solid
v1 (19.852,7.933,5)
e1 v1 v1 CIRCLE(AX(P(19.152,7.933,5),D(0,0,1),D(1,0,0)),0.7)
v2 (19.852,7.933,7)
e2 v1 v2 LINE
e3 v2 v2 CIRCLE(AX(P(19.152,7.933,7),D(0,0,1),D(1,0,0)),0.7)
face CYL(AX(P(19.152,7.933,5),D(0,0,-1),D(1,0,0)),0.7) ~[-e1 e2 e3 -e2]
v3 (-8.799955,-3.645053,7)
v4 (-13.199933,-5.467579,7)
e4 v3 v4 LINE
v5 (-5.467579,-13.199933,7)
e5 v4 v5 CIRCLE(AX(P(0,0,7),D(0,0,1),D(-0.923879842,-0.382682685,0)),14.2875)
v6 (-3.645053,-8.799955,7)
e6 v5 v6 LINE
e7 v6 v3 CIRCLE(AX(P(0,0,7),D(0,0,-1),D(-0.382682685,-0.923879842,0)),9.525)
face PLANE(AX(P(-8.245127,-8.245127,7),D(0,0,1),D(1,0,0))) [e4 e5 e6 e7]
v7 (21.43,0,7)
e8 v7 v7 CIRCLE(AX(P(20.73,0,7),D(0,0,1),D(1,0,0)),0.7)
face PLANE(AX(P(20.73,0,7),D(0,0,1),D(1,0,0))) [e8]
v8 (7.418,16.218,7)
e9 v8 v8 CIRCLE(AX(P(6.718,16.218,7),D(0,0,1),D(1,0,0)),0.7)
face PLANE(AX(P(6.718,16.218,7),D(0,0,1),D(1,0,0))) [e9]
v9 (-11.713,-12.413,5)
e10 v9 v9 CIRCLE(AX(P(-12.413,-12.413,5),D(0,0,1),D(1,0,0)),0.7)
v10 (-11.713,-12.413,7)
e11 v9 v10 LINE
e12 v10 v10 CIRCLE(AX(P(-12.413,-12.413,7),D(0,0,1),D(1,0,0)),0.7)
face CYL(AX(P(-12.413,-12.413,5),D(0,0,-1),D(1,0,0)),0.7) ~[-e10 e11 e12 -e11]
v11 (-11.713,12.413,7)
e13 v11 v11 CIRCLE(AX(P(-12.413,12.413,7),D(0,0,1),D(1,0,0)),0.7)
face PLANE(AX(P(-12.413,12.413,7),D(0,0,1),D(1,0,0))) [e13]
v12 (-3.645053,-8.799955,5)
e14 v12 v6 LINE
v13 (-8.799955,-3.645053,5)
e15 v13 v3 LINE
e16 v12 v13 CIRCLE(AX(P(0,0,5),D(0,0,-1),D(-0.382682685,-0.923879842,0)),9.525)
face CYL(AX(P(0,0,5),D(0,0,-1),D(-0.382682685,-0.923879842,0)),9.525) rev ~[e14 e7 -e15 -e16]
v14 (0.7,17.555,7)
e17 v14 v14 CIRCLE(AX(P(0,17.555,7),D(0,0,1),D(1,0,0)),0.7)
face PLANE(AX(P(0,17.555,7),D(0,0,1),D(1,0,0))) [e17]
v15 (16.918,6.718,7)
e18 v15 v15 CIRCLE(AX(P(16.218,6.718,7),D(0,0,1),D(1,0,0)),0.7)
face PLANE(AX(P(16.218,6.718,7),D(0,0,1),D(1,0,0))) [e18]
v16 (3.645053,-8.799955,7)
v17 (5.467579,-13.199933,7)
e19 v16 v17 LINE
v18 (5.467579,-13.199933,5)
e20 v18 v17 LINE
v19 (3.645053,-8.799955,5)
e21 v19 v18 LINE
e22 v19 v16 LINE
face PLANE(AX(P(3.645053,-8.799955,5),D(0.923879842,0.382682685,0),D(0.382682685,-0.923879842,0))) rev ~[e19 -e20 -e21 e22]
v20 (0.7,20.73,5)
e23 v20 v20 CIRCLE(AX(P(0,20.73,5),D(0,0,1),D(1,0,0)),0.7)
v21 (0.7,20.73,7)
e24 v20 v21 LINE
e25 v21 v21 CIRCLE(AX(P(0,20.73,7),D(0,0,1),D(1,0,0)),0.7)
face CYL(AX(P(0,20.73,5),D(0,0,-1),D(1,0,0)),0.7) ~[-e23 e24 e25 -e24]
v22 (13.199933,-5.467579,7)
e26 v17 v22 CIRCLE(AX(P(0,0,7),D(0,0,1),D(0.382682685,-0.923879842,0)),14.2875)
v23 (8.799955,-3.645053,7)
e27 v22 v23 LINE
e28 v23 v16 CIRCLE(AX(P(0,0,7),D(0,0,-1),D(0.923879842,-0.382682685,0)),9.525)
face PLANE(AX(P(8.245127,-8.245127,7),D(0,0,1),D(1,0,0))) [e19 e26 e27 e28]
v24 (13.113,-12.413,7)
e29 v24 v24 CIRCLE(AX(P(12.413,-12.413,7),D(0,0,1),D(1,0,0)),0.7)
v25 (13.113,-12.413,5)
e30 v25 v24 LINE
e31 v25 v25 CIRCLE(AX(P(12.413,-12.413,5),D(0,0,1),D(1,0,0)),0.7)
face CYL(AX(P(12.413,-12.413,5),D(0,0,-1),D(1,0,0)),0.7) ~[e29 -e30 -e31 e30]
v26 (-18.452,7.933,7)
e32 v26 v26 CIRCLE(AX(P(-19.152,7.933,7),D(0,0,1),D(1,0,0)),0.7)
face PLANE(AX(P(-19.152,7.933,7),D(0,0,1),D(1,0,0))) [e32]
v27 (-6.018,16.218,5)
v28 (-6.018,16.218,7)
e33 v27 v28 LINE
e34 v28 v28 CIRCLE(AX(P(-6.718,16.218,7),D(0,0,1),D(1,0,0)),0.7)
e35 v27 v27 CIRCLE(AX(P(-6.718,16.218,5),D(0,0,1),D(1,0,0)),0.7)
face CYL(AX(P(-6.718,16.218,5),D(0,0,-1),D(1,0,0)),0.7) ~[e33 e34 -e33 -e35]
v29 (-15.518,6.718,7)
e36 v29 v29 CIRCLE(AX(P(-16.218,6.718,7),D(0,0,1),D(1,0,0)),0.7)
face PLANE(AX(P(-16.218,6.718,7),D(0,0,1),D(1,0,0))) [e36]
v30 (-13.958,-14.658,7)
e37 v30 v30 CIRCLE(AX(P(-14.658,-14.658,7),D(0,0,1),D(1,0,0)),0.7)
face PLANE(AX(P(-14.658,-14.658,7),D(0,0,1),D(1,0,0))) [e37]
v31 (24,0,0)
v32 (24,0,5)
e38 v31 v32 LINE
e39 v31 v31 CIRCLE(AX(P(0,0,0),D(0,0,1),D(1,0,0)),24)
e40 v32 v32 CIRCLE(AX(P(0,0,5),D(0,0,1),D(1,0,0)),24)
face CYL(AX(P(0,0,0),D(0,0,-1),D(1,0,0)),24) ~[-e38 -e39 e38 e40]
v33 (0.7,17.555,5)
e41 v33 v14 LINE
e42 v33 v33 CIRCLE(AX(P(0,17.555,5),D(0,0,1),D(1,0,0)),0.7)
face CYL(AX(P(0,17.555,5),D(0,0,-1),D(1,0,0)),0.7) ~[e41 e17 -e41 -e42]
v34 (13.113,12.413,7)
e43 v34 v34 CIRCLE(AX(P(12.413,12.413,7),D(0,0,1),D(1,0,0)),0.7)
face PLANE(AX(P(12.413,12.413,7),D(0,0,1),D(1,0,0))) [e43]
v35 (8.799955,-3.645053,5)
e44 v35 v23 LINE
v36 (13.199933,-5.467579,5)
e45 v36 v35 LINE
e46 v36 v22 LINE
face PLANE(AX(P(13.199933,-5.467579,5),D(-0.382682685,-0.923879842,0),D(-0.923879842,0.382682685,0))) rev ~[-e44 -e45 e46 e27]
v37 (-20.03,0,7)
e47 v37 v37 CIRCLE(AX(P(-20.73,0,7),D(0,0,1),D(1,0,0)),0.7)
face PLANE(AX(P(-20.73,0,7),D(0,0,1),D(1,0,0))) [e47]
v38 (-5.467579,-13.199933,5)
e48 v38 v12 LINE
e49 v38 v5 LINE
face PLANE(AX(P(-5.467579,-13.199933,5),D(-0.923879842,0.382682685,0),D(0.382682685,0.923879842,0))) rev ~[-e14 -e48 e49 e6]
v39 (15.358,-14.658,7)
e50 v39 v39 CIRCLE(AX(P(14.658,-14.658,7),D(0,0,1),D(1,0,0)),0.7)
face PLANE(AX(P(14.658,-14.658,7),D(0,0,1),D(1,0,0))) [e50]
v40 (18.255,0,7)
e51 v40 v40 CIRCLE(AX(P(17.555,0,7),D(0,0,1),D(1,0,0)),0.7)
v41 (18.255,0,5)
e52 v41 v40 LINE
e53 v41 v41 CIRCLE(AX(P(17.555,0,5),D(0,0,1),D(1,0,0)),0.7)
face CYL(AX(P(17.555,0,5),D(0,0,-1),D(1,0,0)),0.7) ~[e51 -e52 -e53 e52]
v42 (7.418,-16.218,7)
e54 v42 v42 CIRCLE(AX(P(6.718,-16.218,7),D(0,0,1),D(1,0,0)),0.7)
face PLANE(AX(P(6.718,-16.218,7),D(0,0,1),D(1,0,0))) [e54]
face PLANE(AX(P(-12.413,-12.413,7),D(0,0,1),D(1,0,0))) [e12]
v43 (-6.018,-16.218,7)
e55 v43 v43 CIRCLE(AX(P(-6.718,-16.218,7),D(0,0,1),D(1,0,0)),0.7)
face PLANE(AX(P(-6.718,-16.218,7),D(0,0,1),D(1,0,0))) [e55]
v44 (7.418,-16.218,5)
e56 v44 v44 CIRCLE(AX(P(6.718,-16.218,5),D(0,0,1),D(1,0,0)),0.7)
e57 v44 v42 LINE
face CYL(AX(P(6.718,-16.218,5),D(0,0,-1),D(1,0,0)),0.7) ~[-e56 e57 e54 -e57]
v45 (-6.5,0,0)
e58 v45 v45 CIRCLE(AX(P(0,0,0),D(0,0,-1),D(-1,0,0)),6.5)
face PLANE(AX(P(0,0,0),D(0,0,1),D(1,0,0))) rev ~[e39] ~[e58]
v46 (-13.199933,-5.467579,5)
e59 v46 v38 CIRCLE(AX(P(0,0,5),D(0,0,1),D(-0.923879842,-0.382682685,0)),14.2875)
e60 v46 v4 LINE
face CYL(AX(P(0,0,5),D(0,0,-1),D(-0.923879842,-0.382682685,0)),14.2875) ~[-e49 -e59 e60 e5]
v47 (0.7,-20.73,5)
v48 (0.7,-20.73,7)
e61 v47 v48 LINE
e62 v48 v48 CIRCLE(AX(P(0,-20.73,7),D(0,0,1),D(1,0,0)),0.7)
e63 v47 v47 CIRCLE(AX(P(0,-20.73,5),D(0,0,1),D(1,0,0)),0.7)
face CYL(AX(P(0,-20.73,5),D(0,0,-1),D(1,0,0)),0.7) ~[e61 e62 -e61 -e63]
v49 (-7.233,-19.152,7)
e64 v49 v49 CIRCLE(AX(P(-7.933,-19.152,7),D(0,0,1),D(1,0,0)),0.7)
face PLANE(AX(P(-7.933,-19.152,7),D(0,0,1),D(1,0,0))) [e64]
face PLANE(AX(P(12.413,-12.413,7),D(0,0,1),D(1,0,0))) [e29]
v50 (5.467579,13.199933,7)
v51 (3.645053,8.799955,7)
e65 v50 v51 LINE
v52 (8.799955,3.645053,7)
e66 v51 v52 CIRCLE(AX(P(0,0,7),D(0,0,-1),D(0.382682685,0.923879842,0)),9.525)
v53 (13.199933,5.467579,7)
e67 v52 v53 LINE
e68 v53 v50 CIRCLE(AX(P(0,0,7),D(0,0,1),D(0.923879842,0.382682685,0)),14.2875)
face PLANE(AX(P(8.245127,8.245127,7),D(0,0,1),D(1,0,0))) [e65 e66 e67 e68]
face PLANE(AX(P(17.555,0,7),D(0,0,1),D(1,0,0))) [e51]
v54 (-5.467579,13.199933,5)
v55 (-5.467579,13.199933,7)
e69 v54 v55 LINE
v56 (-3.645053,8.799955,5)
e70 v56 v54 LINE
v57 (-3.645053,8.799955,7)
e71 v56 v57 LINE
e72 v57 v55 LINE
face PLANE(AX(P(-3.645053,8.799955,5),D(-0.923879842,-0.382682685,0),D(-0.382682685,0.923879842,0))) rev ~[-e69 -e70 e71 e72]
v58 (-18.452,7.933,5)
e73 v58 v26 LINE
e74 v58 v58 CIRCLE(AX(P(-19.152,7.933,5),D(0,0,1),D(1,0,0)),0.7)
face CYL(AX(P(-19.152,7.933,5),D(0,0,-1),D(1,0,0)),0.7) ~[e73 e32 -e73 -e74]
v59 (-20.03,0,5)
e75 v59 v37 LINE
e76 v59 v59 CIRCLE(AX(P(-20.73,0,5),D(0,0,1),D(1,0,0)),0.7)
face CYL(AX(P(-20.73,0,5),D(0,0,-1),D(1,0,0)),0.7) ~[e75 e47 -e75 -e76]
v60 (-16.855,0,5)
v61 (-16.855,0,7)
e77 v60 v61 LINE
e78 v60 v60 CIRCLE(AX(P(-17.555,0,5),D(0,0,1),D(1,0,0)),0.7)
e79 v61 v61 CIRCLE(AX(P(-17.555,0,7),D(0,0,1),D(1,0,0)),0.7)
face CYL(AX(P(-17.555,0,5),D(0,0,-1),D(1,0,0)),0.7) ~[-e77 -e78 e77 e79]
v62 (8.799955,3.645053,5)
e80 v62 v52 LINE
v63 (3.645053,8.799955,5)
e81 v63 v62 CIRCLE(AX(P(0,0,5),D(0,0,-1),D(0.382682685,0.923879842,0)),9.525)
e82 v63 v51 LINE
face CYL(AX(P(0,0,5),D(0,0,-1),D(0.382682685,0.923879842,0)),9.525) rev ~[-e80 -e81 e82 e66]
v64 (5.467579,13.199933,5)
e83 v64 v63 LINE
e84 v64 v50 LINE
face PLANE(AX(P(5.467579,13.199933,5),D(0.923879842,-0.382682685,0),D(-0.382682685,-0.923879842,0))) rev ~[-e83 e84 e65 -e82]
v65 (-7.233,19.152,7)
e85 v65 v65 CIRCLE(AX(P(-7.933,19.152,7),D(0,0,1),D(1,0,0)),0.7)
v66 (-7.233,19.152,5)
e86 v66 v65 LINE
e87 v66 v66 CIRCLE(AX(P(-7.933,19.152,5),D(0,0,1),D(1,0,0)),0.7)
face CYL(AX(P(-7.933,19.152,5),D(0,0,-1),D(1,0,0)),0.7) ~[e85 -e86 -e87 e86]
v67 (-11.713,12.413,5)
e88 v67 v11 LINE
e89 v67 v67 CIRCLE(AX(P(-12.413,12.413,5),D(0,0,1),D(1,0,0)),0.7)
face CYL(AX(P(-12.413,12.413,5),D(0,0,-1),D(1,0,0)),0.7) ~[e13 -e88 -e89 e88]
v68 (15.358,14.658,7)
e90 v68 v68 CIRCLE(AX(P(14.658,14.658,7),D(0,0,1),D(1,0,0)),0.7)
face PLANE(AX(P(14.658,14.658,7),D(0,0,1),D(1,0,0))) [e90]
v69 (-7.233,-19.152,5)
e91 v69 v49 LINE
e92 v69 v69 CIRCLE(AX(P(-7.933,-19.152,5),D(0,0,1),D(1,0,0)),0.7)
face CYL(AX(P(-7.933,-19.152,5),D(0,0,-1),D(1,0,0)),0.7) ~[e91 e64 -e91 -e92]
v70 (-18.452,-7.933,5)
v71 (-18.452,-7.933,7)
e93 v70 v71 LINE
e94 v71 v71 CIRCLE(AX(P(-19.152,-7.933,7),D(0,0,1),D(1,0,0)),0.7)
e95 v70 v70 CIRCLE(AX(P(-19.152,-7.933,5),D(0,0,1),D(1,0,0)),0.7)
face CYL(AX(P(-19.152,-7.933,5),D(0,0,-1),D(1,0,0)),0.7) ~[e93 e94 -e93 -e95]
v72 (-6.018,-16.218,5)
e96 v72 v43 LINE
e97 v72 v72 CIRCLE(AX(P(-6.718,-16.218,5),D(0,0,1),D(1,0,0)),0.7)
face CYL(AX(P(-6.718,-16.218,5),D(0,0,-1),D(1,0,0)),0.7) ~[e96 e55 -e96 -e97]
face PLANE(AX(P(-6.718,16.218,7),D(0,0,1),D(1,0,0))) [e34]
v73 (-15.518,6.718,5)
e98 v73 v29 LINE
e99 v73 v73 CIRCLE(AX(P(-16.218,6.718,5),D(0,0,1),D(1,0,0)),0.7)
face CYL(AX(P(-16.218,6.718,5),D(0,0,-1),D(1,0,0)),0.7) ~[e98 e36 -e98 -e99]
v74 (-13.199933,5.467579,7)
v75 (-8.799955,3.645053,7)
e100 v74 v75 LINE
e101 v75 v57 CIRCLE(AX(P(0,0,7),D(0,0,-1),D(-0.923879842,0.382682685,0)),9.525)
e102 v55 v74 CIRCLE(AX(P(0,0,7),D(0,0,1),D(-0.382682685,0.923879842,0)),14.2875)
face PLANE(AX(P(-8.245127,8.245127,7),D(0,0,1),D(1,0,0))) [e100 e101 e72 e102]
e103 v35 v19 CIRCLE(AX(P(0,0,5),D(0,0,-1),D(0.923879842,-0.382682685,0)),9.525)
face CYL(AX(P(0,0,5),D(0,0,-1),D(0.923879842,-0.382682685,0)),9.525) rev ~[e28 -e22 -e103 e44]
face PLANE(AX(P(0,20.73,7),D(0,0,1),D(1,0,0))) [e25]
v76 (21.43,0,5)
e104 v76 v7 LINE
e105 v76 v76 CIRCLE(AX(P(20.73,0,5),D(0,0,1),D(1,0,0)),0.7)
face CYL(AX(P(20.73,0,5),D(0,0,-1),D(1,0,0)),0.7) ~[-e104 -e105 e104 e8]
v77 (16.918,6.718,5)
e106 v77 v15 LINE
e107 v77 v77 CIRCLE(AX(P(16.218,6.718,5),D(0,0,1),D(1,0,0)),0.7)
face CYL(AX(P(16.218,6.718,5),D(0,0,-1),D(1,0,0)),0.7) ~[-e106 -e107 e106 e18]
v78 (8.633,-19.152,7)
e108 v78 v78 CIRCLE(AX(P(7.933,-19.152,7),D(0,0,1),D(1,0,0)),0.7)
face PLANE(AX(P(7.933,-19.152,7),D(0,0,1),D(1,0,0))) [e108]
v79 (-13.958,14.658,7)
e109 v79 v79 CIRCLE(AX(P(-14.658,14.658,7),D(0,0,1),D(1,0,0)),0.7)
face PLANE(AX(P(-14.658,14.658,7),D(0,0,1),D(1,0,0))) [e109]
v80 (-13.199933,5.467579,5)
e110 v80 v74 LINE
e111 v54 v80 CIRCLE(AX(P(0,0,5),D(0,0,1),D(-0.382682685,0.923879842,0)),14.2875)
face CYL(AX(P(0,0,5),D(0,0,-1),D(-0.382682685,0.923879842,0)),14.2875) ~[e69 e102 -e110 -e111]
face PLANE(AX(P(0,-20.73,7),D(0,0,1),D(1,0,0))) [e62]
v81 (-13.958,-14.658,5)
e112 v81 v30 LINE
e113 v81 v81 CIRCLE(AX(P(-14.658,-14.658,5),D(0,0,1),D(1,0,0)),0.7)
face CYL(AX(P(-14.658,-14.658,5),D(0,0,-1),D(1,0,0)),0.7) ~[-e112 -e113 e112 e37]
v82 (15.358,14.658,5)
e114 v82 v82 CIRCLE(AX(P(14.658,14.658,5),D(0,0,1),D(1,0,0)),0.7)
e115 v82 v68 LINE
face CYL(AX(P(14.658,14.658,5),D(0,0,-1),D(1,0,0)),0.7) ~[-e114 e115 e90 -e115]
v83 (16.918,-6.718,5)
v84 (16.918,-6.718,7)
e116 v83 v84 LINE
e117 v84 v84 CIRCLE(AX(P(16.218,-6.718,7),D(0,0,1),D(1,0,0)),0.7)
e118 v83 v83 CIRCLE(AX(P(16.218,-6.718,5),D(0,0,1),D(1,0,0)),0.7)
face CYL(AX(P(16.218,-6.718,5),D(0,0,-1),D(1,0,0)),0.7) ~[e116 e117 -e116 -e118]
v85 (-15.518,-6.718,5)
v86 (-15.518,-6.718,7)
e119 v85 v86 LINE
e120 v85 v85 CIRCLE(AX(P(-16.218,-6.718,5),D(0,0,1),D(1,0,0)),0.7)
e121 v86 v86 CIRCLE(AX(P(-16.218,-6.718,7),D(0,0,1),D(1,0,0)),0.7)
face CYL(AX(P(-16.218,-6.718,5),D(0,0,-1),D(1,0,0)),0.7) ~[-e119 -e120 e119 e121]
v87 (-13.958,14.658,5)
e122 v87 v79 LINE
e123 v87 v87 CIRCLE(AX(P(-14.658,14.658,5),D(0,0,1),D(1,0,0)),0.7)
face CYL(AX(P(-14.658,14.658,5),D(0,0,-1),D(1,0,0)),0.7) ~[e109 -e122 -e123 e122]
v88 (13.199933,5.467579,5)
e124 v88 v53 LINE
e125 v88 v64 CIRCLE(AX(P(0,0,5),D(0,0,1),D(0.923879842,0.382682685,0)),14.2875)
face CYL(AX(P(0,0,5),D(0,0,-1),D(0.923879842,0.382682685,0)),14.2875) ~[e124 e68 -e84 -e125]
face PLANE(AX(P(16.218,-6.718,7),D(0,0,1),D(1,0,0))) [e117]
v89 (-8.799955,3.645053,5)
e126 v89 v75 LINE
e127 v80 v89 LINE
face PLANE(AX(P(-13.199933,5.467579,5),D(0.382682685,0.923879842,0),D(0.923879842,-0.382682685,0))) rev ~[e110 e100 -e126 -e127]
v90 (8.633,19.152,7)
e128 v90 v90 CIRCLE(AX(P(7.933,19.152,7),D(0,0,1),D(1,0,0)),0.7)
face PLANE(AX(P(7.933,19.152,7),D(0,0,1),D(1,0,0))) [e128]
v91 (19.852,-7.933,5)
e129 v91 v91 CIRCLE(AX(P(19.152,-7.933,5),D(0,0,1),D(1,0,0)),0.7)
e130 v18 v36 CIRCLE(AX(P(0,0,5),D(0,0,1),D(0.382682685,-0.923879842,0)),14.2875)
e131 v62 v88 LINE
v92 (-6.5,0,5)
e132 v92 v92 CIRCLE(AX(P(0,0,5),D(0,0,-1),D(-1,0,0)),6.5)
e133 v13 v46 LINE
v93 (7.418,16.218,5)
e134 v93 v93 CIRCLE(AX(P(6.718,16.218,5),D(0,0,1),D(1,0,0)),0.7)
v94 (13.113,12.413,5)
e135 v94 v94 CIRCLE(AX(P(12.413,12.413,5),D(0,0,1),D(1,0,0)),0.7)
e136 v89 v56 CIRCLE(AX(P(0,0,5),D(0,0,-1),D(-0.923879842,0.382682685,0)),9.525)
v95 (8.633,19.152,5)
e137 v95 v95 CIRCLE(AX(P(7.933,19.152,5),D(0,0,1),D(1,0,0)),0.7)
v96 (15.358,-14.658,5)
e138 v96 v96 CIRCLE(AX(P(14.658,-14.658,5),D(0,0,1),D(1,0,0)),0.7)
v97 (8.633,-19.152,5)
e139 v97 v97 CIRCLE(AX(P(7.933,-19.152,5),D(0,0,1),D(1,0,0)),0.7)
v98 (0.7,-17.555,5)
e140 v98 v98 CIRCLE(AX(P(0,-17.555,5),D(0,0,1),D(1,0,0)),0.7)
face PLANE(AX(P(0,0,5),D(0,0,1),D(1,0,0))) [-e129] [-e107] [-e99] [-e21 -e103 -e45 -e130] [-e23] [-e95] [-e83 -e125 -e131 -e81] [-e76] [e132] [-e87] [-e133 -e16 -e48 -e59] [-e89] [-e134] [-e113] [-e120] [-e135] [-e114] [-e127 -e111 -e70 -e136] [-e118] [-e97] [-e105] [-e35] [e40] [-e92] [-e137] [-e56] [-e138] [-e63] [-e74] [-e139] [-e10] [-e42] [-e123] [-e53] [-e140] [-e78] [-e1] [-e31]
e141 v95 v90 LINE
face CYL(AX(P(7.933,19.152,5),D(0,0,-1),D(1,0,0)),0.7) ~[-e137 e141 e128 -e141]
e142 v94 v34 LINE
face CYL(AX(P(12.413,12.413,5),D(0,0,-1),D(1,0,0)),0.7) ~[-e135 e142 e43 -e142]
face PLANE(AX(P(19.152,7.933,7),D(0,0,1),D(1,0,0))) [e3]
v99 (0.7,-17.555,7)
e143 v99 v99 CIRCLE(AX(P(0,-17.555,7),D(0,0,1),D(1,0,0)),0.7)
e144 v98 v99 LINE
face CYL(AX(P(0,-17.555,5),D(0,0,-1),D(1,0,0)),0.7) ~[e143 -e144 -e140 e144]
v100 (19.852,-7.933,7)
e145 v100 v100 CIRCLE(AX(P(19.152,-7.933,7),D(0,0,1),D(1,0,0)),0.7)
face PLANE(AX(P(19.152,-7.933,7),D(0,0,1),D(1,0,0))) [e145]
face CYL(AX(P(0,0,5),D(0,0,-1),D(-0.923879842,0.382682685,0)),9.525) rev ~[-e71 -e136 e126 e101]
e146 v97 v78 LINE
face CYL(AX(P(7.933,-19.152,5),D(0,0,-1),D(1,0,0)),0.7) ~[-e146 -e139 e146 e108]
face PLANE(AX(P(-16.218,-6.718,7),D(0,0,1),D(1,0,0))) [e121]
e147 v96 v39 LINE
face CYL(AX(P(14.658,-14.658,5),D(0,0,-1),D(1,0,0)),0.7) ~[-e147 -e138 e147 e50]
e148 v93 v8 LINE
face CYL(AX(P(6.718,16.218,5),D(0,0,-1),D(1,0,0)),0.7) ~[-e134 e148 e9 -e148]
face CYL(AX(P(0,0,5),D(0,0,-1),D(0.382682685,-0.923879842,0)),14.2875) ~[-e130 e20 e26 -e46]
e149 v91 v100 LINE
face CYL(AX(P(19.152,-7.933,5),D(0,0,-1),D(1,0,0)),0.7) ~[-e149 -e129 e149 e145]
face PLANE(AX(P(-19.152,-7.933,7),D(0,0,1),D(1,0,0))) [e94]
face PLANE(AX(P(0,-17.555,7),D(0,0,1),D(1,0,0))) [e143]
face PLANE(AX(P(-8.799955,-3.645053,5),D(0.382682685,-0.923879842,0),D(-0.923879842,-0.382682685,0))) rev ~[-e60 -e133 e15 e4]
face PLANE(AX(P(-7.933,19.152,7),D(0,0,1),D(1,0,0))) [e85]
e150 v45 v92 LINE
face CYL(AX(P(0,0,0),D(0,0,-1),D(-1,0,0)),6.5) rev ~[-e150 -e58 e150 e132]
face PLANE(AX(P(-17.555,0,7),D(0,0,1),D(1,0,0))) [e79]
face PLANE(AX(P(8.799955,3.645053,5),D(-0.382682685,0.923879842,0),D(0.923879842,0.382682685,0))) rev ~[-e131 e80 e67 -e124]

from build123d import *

# Parameters (mm, degrees)
SKETCH1_R          = 24
EXTRUDE1_DEPTH     = 5
SKETCH5_R          = 6.5
CUT_EXTRUDE3_DEPTH = 10
SKETCH4_R          = 0.7
EXTRUDE2_DEPTH     = 2


with BuildPart() as part:
    # Sketch1 → Extrude1 (new body)
    with BuildSketch(Plane.XY):
        Circle(SKETCH1_R)
    extrude(amount=EXTRUDE1_DEPTH)

    # Sketch5 → Cut-Extrude3 (cut)
    with BuildSketch(Plane(origin=(0, 0, 0), x_dir=(-1, 0, 0), z_dir=(0, 0, -1))):
        Circle(SKETCH5_R)
    extrude(amount=-CUT_EXTRUDE3_DEPTH, mode=Mode.SUBTRACT)

    # Sketch4 → Extrude2 (add)
    with BuildSketch(Plane.XY.offset(5)):
        with Locations((0, 20.73)):
            Circle(SKETCH4_R)
        with Locations((0, -20.73)):
            Circle(SKETCH4_R)
        with Locations((20.73, 0)):
            Circle(SKETCH4_R)
        with Locations((-20.73, 0)):
            Circle(SKETCH4_R)
        with Locations((-14.658, 14.658)):
            Circle(SKETCH4_R)
        with Locations((14.658, 14.658)):
            Circle(SKETCH4_R)
        with Locations((14.658, -14.658)):
            Circle(SKETCH4_R)
        with Locations((-14.658, -14.658)):
            Circle(SKETCH4_R)
        with Locations((19.152, 7.933)):
            Circle(SKETCH4_R)
        with Locations((7.933, 19.152)):
            Circle(SKETCH4_R)
        with Locations((19.152, -7.933)):
            Circle(SKETCH4_R)
        with Locations((7.933, -19.152)):
            Circle(SKETCH4_R)
        with Locations((-7.933, 19.152)):
            Circle(SKETCH4_R)
        with Locations((-19.152, 7.933)):
            Circle(SKETCH4_R)
        with Locations((-19.152, -7.933)):
            Circle(SKETCH4_R)
        with Locations((-7.933, -19.152)):
            Circle(SKETCH4_R)
        with Locations((0, 17.555)):
            Circle(SKETCH4_R)
        with Locations((17.555, 0)):
            Circle(SKETCH4_R)
        with Locations((0, -17.555)):
            Circle(SKETCH4_R)
        with Locations((-17.555, 0)):
            Circle(SKETCH4_R)
        with Locations((-12.413, 12.413)):
            Circle(SKETCH4_R)
        with Locations((12.413, 12.413)):
            Circle(SKETCH4_R)
        with Locations((12.413, -12.413)):
            Circle(SKETCH4_R)
        with Locations((-12.413, -12.413)):
            Circle(SKETCH4_R)
        with Locations((-16.218, 6.718)):
            Circle(SKETCH4_R)
        with Locations((16.218, 6.718)):
            Circle(SKETCH4_R)
        with Locations((16.218, -6.718)):
            Circle(SKETCH4_R)
        with Locations((-16.218, -6.718)):
            Circle(SKETCH4_R)
        with Locations((6.718, 16.218)):
            Circle(SKETCH4_R)
        with Locations((6.718, -16.218)):
            Circle(SKETCH4_R)
        with Locations((-6.718, -16.218)):
            Circle(SKETCH4_R)
        with Locations((-6.718, 16.218)):
            Circle(SKETCH4_R)
        with BuildLine():
            Line((3.645052576, -8.799955495), (5.467578865, -13.199933243))
            ThreePointArc((5.467578865, -13.199933243), (10.102788136, -10.102788136), (13.199933243, -5.467578865))
            Line((13.199933243, -5.467578865), (8.799955495, -3.645052576))
            ThreePointArc((8.799955495, -3.645052576), (6.735192091, -6.735192091), (3.645052576, -8.799955495))
        make_face()
        with BuildLine():
            Line((8.799955495, 3.645052576), (13.199933243, 5.467578865))
            ThreePointArc((13.199933243, 5.467578865), (10.102788136, 10.102788136), (5.467578865, 13.199933243))
            Line((5.467578865, 13.199933243), (3.645052576, 8.799955495))
            ThreePointArc((3.645052576, 8.799955495), (6.735192091, 6.735192091), (8.799955495, 3.645052576))
        make_face()
        with BuildLine():
            Line((-3.645052576, 8.799955495), (-5.467578865, 13.199933243))
            ThreePointArc((-5.467578865, 13.199933243), (-10.102788136, 10.102788136), (-13.199933243, 5.467578865))
            Line((-13.199933243, 5.467578865), (-8.799955495, 3.645052576))
            ThreePointArc((-8.799955495, 3.645052576), (-6.735192091, 6.735192091), (-3.645052576, 8.799955495))
        make_face()
        with BuildLine():
            Line((-8.799955495, -3.645052576), (-13.199933243, -5.467578865))
            ThreePointArc((-13.199933243, -5.467578865), (-10.102788136, -10.102788136), (-5.467578865, -13.199933243))
            Line((-5.467578865, -13.199933243), (-3.645052576, -8.799955495))
            ThreePointArc((-3.645052576, -8.799955495), (-6.735192091, -6.735192091), (-8.799955495, -3.645052576))
        make_face()
    extrude(amount=EXTRUDE2_DEPTH)


solid = part.part
